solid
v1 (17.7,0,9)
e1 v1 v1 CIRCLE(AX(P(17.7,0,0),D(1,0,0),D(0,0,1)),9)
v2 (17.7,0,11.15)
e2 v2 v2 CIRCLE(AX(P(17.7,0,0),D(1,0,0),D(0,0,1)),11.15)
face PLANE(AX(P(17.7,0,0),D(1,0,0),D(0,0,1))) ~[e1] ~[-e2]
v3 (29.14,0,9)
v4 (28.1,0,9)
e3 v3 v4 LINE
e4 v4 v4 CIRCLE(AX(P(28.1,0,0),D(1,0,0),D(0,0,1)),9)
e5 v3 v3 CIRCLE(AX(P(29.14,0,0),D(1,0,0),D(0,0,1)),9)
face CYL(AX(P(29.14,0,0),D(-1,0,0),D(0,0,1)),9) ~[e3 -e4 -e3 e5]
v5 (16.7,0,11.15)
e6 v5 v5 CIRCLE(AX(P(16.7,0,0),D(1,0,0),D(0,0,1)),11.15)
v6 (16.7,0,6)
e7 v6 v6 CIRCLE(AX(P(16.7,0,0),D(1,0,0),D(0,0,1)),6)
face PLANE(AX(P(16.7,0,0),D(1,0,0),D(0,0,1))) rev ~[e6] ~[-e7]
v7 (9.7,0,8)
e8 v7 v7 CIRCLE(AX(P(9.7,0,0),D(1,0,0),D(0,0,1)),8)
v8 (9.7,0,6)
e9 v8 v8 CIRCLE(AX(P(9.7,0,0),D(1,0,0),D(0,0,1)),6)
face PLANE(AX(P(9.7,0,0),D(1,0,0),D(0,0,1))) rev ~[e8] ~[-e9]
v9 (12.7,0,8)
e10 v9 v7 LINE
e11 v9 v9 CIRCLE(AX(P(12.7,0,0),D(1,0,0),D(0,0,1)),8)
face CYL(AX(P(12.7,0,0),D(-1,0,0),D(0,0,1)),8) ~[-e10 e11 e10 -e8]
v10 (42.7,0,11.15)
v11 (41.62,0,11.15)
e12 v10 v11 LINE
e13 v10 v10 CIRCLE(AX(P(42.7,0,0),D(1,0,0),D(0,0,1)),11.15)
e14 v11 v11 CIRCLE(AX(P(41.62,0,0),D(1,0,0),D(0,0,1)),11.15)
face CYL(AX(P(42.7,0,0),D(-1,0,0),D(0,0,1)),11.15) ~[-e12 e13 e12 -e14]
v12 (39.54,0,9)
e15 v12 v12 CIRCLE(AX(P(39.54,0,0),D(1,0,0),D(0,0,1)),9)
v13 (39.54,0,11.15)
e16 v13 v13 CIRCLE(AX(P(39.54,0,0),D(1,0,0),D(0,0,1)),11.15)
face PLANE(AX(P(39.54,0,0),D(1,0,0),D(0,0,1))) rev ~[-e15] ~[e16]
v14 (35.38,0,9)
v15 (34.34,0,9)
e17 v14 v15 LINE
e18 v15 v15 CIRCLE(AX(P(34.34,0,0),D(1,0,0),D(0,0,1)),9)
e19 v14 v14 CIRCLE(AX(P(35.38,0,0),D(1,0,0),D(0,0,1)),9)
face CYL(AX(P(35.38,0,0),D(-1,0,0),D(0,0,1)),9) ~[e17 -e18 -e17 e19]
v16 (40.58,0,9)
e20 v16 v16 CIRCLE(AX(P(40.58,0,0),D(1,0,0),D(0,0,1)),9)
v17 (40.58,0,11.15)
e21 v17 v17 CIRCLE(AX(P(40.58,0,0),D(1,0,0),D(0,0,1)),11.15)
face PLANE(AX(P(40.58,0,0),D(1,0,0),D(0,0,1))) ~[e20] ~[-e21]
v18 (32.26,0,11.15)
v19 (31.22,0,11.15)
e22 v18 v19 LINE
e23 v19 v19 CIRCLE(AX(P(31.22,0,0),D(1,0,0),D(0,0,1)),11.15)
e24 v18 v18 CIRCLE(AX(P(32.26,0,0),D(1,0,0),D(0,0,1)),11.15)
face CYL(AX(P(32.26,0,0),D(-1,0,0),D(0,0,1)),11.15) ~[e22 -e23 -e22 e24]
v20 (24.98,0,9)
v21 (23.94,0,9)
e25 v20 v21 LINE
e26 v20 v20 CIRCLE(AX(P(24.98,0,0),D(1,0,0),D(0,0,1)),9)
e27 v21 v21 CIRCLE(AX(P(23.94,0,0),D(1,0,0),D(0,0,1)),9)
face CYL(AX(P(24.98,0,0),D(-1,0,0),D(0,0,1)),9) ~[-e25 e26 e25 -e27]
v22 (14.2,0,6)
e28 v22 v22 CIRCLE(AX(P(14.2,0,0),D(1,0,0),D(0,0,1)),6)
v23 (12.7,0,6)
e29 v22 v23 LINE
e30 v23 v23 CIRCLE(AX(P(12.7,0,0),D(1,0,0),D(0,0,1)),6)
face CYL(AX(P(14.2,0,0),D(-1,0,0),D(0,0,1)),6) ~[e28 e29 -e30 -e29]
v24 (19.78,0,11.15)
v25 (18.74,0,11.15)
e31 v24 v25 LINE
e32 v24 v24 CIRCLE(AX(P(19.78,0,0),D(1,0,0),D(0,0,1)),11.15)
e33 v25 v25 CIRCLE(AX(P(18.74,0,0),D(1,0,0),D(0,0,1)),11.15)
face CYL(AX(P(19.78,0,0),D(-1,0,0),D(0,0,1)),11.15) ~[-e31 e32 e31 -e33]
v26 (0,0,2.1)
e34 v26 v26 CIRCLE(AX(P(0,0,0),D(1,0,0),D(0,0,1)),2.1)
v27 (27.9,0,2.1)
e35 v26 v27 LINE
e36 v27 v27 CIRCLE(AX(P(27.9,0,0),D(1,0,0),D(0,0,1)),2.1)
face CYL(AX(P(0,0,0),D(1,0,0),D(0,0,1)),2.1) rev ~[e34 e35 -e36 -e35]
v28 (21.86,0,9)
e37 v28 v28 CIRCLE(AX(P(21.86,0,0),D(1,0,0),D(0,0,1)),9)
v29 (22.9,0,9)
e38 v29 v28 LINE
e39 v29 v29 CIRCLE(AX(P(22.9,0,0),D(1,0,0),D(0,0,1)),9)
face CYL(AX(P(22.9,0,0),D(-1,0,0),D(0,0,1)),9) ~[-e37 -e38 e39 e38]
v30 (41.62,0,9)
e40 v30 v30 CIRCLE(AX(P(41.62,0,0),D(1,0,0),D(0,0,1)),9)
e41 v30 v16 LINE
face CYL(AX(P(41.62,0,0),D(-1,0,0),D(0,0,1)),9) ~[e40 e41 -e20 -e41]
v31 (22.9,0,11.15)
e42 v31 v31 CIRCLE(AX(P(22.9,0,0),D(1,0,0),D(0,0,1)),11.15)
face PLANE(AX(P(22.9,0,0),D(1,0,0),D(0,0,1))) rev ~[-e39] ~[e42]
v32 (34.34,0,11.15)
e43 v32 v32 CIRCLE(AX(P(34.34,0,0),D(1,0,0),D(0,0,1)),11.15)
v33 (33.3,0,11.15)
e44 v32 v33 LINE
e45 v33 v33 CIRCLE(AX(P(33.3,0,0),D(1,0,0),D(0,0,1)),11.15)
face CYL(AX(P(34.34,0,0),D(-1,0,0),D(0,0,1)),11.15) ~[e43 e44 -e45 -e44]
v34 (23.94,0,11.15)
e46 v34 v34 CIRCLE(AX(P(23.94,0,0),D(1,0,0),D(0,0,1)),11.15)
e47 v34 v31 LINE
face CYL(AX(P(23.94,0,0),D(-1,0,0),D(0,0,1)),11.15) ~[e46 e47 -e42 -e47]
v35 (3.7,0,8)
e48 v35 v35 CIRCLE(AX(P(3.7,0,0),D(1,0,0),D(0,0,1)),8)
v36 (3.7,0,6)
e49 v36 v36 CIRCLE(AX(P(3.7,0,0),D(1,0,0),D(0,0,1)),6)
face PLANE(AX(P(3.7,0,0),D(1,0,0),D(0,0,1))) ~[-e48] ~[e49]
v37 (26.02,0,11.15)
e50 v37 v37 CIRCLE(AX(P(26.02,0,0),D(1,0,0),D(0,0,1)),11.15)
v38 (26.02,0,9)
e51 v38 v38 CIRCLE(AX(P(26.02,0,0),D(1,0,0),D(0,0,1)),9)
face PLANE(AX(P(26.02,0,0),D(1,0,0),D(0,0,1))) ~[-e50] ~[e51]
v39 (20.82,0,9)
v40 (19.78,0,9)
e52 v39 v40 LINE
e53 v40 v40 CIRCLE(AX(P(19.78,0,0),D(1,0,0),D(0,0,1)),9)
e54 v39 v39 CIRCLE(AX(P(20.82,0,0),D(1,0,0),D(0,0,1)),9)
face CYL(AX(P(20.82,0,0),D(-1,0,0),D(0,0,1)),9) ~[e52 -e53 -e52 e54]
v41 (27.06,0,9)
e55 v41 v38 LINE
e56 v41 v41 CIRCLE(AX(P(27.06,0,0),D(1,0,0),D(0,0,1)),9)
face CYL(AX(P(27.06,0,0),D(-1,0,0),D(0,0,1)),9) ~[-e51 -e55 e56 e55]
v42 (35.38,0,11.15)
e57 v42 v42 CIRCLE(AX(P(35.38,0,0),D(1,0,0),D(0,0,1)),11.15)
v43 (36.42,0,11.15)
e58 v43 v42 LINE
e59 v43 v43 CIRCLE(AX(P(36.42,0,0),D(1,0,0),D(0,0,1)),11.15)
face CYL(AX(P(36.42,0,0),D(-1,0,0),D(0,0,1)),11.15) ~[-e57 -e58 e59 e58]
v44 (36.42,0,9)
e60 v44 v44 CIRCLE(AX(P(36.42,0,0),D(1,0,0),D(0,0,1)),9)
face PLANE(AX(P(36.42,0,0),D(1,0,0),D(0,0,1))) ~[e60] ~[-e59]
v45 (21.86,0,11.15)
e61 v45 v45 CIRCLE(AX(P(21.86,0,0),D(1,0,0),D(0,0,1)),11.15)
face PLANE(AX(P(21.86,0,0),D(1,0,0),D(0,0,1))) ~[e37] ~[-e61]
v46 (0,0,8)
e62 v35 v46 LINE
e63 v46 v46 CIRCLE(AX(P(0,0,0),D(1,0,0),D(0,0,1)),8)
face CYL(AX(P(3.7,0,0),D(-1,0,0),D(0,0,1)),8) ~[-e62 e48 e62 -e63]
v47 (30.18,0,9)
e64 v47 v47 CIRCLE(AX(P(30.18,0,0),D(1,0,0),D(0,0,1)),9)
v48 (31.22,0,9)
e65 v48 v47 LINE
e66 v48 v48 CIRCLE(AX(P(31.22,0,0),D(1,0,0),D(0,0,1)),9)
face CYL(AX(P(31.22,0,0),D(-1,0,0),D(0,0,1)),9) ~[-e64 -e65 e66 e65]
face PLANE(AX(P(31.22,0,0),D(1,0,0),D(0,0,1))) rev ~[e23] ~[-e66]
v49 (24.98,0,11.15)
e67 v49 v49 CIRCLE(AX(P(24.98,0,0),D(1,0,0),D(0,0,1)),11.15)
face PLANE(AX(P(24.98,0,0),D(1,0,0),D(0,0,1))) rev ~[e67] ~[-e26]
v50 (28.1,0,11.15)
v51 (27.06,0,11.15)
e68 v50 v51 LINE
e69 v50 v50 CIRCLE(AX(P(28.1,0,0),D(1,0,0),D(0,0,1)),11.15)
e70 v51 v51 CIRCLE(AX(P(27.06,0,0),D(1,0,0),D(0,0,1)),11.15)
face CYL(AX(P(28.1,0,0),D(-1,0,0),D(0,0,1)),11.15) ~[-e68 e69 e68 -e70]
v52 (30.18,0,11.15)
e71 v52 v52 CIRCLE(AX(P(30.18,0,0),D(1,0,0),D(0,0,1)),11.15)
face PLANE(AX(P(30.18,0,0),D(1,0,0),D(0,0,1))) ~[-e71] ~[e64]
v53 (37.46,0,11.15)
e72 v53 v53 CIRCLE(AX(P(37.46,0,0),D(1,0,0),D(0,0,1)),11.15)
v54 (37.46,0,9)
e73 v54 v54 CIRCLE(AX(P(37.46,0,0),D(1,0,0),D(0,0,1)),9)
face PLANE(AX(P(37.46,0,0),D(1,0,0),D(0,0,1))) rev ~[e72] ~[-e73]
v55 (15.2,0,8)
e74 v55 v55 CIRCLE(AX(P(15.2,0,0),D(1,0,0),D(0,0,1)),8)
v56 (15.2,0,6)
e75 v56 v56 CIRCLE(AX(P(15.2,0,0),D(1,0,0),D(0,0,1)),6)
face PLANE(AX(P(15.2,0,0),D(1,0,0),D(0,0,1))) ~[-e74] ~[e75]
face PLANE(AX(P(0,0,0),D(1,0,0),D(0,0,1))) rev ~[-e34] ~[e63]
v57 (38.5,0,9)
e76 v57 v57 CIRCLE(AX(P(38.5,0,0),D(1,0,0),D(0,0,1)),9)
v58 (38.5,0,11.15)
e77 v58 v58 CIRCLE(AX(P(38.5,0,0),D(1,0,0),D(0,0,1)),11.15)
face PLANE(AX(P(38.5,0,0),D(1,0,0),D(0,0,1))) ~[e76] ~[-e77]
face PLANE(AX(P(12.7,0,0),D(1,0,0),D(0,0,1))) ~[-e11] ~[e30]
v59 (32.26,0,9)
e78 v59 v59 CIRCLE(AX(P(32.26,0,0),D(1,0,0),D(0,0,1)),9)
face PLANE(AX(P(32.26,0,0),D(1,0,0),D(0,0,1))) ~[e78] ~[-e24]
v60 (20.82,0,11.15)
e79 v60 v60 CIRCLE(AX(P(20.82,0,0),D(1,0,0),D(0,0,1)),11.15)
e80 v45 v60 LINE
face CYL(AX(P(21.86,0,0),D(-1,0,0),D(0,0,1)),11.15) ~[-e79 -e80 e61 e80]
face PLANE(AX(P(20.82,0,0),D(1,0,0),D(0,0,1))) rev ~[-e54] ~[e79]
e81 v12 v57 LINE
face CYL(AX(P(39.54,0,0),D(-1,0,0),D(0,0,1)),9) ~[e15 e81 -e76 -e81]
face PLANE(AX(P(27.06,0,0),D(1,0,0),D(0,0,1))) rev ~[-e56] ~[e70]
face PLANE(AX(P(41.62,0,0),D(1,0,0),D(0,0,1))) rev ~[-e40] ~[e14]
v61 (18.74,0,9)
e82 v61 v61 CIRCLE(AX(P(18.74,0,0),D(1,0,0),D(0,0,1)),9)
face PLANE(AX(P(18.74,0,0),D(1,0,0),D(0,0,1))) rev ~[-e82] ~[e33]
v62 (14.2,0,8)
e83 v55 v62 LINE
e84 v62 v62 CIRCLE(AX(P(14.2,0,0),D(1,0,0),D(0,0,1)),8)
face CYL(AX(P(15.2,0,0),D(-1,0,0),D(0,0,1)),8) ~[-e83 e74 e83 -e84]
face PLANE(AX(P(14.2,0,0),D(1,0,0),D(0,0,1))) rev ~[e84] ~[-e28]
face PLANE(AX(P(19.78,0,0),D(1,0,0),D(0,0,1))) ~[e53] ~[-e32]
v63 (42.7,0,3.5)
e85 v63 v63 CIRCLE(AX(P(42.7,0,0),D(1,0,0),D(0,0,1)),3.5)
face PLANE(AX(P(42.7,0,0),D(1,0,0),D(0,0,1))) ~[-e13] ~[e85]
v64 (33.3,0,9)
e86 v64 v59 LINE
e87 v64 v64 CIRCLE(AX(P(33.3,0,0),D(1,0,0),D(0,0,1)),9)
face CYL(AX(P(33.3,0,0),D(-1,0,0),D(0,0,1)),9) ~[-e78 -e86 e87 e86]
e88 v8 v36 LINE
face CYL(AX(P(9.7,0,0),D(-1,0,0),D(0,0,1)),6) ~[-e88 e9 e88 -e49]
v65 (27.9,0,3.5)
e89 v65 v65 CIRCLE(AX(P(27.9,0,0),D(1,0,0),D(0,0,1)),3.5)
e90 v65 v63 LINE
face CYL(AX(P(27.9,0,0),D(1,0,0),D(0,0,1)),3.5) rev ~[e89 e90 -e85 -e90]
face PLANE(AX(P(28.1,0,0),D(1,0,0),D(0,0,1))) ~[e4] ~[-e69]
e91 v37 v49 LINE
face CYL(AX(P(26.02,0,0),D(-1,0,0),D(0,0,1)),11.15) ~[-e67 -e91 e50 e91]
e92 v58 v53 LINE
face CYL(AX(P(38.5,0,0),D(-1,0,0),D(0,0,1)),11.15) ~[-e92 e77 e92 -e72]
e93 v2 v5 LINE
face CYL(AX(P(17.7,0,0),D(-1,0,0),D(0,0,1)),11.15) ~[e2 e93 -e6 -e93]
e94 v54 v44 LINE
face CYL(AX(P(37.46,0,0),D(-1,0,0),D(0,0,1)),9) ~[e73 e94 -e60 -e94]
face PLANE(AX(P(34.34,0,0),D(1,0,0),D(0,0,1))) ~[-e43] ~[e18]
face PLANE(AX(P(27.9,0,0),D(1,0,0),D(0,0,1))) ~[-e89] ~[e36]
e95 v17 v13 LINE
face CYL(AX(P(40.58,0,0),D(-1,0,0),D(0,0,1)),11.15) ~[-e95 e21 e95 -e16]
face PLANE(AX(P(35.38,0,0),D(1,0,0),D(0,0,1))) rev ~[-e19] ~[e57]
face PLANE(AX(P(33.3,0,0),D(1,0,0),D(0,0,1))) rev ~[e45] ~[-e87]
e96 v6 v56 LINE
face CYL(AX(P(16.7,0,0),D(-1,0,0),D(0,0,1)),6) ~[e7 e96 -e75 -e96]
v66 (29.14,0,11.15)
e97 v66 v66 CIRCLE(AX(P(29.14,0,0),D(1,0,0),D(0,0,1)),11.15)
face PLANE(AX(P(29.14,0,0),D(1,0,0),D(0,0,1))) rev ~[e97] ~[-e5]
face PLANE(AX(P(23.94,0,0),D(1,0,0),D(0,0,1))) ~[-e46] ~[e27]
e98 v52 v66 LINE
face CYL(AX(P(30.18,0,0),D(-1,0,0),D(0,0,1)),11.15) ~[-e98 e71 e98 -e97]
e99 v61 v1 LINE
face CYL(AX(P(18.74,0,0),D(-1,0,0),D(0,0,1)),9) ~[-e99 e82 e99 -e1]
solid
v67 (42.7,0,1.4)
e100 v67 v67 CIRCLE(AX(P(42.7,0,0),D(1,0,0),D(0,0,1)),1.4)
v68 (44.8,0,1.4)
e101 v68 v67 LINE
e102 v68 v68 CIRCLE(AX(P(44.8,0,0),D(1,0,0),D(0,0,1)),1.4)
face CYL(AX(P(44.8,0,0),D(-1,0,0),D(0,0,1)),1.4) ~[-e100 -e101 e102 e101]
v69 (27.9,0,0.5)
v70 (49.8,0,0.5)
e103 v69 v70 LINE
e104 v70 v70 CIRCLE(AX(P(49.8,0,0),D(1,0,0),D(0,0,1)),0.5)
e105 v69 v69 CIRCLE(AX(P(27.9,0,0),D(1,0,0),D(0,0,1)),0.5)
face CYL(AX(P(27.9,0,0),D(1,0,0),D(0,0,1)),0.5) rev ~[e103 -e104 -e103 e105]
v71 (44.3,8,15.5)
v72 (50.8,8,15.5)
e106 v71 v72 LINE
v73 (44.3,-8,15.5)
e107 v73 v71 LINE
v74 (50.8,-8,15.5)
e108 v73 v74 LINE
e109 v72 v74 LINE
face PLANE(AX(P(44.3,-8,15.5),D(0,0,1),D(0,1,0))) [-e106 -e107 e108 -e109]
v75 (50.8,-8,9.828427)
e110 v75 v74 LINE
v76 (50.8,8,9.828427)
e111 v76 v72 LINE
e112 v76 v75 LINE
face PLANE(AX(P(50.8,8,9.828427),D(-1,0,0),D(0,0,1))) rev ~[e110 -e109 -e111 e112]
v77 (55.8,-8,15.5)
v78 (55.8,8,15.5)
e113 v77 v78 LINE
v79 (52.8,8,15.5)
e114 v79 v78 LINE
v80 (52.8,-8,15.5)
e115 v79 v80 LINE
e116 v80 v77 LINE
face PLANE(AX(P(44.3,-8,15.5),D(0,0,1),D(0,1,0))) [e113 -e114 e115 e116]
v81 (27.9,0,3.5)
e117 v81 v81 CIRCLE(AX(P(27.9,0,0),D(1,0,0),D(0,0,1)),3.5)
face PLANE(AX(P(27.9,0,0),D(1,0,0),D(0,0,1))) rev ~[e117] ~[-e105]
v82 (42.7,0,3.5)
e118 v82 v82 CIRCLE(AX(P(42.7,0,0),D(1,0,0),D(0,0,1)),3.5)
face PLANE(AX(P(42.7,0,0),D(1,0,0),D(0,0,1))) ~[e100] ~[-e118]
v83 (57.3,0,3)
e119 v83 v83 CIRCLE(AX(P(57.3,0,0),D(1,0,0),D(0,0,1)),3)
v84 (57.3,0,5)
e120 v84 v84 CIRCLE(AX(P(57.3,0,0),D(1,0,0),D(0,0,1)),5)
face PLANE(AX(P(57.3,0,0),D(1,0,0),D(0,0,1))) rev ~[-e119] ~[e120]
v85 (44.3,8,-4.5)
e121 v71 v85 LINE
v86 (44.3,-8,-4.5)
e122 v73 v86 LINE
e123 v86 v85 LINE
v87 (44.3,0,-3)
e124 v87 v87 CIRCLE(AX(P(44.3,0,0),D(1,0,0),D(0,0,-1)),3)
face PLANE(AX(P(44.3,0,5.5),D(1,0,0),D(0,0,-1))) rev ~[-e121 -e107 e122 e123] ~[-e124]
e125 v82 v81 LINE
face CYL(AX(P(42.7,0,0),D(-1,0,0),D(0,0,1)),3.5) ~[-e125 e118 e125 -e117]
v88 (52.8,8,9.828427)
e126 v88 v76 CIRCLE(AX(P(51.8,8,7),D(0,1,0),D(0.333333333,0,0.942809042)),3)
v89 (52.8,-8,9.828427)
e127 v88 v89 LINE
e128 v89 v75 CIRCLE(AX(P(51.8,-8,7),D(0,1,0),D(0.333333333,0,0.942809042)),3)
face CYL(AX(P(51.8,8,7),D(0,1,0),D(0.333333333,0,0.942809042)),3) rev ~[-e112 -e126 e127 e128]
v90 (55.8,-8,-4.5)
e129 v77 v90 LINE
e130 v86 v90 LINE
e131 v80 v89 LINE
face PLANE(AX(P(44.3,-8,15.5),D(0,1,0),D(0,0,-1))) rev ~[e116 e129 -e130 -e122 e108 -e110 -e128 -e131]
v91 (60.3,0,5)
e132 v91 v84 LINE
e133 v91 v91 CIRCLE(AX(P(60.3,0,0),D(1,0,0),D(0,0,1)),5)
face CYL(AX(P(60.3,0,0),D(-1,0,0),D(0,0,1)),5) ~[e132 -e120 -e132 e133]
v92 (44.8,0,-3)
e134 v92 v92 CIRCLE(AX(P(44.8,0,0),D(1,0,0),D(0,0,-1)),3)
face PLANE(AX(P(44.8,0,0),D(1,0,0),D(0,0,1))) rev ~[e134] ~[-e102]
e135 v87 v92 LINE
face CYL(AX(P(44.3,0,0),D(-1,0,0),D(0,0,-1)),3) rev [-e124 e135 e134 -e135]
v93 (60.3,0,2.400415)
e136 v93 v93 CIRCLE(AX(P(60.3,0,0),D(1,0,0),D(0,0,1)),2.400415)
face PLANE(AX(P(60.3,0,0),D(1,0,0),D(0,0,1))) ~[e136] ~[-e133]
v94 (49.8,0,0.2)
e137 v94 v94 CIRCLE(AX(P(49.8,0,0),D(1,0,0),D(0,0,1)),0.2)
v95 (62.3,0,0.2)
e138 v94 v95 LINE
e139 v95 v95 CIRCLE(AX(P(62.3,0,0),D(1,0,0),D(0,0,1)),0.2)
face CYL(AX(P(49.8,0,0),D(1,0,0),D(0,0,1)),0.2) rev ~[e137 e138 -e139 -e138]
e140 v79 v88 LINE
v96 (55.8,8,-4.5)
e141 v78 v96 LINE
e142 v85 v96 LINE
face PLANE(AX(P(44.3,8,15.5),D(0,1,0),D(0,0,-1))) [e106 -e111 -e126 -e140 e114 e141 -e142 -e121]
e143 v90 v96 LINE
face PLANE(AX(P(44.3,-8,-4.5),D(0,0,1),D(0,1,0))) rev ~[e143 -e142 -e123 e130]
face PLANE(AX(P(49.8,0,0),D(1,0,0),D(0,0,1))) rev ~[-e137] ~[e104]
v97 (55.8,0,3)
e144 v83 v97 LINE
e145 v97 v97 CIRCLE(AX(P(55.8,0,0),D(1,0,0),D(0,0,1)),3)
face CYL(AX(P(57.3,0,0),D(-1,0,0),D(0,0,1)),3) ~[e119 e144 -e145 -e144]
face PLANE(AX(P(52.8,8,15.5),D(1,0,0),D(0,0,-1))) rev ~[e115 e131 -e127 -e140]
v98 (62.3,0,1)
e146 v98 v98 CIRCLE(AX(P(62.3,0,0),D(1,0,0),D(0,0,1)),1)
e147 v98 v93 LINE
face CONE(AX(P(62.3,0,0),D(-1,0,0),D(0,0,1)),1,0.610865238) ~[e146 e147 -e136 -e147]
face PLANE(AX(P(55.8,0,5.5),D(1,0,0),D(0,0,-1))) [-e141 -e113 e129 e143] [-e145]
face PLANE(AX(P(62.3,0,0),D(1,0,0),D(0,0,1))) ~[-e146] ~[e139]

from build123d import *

# Parameters (mm, degrees)
BOSS_EXTRUDE1_DEPTH      = 6
BOSS_EXTRUDE1_DEPTH_BACK = 5.5
SKETCH3_W                = 20
SKETCH3_H                = 16
SKETCH3_R                = 3
CUT_EXTRUDE1_DEPTH       = 67.994496043


with BuildPart() as part:
    # Sketch1 → Revolve1 (revolve)
    with BuildSketch(Plane.XY, mode=Mode.PRIVATE) as revolve1_sk:
        Polygon((0, 2.1), (27.9, 2.1), (27.9, 3.5), (42.7, 3.5), (42.7, 11.15), (41.62, 11.15), (41.62, 9), (40.58, 9), (40.58, 11.15), (39.54, 11.15), (39.54, 9), (38.5, 9), (38.5, 11.15), (37.46, 11.15), (37.46, 9), (36.42, 9), (36.42, 11.15), (35.38, 11.15), (35.38, 9), (34.34, 9), (34.34, 11.15), (33.3, 11.15), (33.3, 9), (32.26, 9), (32.26, 11.15), (31.22, 11.15), (31.22, 9), (30.18, 9), (30.18, 11.15), (29.14, 11.15), (29.14, 9), (28.1, 9), (28.1, 11.15), (27.06, 11.15), (27.06, 9), (26.02, 9), (26.02, 11.15), (24.98, 11.15), (24.98, 9), (23.94, 9), (23.94, 11.15), (22.9, 11.15), (22.9, 9), (21.86, 9), (21.86, 11.15), (20.82, 11.15), (20.82, 9), (19.78, 9), (19.78, 11.15), (18.74, 11.15), (18.74, 9), (17.7, 9), (17.7, 11.15), (16.7, 11.15), (16.7, 6), (15.2, 6), (15.2, 8), (14.2, 8), (14.2, 6), (12.7, 6), (12.7, 8), (9.7, 8), (9.7, 6), (3.7, 6), (3.7, 8), (0, 8), align=None)
    revolve(revolve1_sk.sketch.rotate(Axis((0, 0, 0), (1, 0, 0)), 90), axis=Axis((0, 0, 0), (1, 0, 0)))


with BuildPart() as body_2:
    # Sketch2 → Revolve2 (revolve)
    with BuildSketch(Plane.XY, mode=Mode.PRIVATE) as revolve2_sk:
        Polygon((42.7, 0.5), (49.8, 0.5), (49.8, 3), (44.8, 3), (44.8, 1.4), (42.7, 1.4), (42.7, 3.5), (27.9, 3.5), (27.9, 0.5), align=None)
    revolve(revolve2_sk.sketch.rotate(Axis((27.9, 0, 0), (1, 0, 0)), 90), axis=Axis((27.9, 0, 0), (1, 0, 0)))

    # Sketch3 → Boss-Extrude1 (add, two sides: drawn at the far end of the back side and taken through both)
    with BuildSketch(Plane(origin=(49.8, 0, 0), x_dir=(0, 0, -1), z_dir=(1, 0, 0)).offset(-BOSS_EXTRUDE1_DEPTH_BACK)):
        with Locations((-5.5, 0)):
            Rectangle(SKETCH3_W, SKETCH3_H)
        Circle(SKETCH3_R, mode=Mode.SUBTRACT)
    extrude(amount=BOSS_EXTRUDE1_DEPTH + BOSS_EXTRUDE1_DEPTH_BACK)

    # Sketch4 → Revolve3 (revolve)
    with BuildSketch(Plane.XY, mode=Mode.PRIVATE) as revolve3_sk:
        Polygon((49.8, 0.2), (62.3, 0.2), (62.3, 1), (60.3, 2.400415076), (60.3, 5), (57.3, 5), (57.3, 3), (49.8, 3), align=None)
    revolve(revolve3_sk.sketch.rotate(Axis((0, 0, 0), (1, 0, 0)), 90), axis=Axis((0, 0, 0), (1, 0, 0)))

    # Sketch5 → Cut-Extrude1 (cut, through all)
    with BuildSketch(Plane(origin=(0, 8, 0), x_dir=(1, 0, 0), z_dir=(0, 1, 0))):
        with BuildLine():
            Line((50.8, -15.5), (52.8, -15.5))
            Line((52.8, -15.5), (52.8, -9.828427125))
            ThreePointArc((52.8, -9.828427125), (51.8, -4), (50.8, -9.828427125))
            Line((50.8, -9.828427125), (50.8, -15.5))
        make_face()
    extrude(amount=-CUT_EXTRUDE1_DEPTH, mode=Mode.SUBTRACT)


solid = Compound([part.part, body_2.part])
